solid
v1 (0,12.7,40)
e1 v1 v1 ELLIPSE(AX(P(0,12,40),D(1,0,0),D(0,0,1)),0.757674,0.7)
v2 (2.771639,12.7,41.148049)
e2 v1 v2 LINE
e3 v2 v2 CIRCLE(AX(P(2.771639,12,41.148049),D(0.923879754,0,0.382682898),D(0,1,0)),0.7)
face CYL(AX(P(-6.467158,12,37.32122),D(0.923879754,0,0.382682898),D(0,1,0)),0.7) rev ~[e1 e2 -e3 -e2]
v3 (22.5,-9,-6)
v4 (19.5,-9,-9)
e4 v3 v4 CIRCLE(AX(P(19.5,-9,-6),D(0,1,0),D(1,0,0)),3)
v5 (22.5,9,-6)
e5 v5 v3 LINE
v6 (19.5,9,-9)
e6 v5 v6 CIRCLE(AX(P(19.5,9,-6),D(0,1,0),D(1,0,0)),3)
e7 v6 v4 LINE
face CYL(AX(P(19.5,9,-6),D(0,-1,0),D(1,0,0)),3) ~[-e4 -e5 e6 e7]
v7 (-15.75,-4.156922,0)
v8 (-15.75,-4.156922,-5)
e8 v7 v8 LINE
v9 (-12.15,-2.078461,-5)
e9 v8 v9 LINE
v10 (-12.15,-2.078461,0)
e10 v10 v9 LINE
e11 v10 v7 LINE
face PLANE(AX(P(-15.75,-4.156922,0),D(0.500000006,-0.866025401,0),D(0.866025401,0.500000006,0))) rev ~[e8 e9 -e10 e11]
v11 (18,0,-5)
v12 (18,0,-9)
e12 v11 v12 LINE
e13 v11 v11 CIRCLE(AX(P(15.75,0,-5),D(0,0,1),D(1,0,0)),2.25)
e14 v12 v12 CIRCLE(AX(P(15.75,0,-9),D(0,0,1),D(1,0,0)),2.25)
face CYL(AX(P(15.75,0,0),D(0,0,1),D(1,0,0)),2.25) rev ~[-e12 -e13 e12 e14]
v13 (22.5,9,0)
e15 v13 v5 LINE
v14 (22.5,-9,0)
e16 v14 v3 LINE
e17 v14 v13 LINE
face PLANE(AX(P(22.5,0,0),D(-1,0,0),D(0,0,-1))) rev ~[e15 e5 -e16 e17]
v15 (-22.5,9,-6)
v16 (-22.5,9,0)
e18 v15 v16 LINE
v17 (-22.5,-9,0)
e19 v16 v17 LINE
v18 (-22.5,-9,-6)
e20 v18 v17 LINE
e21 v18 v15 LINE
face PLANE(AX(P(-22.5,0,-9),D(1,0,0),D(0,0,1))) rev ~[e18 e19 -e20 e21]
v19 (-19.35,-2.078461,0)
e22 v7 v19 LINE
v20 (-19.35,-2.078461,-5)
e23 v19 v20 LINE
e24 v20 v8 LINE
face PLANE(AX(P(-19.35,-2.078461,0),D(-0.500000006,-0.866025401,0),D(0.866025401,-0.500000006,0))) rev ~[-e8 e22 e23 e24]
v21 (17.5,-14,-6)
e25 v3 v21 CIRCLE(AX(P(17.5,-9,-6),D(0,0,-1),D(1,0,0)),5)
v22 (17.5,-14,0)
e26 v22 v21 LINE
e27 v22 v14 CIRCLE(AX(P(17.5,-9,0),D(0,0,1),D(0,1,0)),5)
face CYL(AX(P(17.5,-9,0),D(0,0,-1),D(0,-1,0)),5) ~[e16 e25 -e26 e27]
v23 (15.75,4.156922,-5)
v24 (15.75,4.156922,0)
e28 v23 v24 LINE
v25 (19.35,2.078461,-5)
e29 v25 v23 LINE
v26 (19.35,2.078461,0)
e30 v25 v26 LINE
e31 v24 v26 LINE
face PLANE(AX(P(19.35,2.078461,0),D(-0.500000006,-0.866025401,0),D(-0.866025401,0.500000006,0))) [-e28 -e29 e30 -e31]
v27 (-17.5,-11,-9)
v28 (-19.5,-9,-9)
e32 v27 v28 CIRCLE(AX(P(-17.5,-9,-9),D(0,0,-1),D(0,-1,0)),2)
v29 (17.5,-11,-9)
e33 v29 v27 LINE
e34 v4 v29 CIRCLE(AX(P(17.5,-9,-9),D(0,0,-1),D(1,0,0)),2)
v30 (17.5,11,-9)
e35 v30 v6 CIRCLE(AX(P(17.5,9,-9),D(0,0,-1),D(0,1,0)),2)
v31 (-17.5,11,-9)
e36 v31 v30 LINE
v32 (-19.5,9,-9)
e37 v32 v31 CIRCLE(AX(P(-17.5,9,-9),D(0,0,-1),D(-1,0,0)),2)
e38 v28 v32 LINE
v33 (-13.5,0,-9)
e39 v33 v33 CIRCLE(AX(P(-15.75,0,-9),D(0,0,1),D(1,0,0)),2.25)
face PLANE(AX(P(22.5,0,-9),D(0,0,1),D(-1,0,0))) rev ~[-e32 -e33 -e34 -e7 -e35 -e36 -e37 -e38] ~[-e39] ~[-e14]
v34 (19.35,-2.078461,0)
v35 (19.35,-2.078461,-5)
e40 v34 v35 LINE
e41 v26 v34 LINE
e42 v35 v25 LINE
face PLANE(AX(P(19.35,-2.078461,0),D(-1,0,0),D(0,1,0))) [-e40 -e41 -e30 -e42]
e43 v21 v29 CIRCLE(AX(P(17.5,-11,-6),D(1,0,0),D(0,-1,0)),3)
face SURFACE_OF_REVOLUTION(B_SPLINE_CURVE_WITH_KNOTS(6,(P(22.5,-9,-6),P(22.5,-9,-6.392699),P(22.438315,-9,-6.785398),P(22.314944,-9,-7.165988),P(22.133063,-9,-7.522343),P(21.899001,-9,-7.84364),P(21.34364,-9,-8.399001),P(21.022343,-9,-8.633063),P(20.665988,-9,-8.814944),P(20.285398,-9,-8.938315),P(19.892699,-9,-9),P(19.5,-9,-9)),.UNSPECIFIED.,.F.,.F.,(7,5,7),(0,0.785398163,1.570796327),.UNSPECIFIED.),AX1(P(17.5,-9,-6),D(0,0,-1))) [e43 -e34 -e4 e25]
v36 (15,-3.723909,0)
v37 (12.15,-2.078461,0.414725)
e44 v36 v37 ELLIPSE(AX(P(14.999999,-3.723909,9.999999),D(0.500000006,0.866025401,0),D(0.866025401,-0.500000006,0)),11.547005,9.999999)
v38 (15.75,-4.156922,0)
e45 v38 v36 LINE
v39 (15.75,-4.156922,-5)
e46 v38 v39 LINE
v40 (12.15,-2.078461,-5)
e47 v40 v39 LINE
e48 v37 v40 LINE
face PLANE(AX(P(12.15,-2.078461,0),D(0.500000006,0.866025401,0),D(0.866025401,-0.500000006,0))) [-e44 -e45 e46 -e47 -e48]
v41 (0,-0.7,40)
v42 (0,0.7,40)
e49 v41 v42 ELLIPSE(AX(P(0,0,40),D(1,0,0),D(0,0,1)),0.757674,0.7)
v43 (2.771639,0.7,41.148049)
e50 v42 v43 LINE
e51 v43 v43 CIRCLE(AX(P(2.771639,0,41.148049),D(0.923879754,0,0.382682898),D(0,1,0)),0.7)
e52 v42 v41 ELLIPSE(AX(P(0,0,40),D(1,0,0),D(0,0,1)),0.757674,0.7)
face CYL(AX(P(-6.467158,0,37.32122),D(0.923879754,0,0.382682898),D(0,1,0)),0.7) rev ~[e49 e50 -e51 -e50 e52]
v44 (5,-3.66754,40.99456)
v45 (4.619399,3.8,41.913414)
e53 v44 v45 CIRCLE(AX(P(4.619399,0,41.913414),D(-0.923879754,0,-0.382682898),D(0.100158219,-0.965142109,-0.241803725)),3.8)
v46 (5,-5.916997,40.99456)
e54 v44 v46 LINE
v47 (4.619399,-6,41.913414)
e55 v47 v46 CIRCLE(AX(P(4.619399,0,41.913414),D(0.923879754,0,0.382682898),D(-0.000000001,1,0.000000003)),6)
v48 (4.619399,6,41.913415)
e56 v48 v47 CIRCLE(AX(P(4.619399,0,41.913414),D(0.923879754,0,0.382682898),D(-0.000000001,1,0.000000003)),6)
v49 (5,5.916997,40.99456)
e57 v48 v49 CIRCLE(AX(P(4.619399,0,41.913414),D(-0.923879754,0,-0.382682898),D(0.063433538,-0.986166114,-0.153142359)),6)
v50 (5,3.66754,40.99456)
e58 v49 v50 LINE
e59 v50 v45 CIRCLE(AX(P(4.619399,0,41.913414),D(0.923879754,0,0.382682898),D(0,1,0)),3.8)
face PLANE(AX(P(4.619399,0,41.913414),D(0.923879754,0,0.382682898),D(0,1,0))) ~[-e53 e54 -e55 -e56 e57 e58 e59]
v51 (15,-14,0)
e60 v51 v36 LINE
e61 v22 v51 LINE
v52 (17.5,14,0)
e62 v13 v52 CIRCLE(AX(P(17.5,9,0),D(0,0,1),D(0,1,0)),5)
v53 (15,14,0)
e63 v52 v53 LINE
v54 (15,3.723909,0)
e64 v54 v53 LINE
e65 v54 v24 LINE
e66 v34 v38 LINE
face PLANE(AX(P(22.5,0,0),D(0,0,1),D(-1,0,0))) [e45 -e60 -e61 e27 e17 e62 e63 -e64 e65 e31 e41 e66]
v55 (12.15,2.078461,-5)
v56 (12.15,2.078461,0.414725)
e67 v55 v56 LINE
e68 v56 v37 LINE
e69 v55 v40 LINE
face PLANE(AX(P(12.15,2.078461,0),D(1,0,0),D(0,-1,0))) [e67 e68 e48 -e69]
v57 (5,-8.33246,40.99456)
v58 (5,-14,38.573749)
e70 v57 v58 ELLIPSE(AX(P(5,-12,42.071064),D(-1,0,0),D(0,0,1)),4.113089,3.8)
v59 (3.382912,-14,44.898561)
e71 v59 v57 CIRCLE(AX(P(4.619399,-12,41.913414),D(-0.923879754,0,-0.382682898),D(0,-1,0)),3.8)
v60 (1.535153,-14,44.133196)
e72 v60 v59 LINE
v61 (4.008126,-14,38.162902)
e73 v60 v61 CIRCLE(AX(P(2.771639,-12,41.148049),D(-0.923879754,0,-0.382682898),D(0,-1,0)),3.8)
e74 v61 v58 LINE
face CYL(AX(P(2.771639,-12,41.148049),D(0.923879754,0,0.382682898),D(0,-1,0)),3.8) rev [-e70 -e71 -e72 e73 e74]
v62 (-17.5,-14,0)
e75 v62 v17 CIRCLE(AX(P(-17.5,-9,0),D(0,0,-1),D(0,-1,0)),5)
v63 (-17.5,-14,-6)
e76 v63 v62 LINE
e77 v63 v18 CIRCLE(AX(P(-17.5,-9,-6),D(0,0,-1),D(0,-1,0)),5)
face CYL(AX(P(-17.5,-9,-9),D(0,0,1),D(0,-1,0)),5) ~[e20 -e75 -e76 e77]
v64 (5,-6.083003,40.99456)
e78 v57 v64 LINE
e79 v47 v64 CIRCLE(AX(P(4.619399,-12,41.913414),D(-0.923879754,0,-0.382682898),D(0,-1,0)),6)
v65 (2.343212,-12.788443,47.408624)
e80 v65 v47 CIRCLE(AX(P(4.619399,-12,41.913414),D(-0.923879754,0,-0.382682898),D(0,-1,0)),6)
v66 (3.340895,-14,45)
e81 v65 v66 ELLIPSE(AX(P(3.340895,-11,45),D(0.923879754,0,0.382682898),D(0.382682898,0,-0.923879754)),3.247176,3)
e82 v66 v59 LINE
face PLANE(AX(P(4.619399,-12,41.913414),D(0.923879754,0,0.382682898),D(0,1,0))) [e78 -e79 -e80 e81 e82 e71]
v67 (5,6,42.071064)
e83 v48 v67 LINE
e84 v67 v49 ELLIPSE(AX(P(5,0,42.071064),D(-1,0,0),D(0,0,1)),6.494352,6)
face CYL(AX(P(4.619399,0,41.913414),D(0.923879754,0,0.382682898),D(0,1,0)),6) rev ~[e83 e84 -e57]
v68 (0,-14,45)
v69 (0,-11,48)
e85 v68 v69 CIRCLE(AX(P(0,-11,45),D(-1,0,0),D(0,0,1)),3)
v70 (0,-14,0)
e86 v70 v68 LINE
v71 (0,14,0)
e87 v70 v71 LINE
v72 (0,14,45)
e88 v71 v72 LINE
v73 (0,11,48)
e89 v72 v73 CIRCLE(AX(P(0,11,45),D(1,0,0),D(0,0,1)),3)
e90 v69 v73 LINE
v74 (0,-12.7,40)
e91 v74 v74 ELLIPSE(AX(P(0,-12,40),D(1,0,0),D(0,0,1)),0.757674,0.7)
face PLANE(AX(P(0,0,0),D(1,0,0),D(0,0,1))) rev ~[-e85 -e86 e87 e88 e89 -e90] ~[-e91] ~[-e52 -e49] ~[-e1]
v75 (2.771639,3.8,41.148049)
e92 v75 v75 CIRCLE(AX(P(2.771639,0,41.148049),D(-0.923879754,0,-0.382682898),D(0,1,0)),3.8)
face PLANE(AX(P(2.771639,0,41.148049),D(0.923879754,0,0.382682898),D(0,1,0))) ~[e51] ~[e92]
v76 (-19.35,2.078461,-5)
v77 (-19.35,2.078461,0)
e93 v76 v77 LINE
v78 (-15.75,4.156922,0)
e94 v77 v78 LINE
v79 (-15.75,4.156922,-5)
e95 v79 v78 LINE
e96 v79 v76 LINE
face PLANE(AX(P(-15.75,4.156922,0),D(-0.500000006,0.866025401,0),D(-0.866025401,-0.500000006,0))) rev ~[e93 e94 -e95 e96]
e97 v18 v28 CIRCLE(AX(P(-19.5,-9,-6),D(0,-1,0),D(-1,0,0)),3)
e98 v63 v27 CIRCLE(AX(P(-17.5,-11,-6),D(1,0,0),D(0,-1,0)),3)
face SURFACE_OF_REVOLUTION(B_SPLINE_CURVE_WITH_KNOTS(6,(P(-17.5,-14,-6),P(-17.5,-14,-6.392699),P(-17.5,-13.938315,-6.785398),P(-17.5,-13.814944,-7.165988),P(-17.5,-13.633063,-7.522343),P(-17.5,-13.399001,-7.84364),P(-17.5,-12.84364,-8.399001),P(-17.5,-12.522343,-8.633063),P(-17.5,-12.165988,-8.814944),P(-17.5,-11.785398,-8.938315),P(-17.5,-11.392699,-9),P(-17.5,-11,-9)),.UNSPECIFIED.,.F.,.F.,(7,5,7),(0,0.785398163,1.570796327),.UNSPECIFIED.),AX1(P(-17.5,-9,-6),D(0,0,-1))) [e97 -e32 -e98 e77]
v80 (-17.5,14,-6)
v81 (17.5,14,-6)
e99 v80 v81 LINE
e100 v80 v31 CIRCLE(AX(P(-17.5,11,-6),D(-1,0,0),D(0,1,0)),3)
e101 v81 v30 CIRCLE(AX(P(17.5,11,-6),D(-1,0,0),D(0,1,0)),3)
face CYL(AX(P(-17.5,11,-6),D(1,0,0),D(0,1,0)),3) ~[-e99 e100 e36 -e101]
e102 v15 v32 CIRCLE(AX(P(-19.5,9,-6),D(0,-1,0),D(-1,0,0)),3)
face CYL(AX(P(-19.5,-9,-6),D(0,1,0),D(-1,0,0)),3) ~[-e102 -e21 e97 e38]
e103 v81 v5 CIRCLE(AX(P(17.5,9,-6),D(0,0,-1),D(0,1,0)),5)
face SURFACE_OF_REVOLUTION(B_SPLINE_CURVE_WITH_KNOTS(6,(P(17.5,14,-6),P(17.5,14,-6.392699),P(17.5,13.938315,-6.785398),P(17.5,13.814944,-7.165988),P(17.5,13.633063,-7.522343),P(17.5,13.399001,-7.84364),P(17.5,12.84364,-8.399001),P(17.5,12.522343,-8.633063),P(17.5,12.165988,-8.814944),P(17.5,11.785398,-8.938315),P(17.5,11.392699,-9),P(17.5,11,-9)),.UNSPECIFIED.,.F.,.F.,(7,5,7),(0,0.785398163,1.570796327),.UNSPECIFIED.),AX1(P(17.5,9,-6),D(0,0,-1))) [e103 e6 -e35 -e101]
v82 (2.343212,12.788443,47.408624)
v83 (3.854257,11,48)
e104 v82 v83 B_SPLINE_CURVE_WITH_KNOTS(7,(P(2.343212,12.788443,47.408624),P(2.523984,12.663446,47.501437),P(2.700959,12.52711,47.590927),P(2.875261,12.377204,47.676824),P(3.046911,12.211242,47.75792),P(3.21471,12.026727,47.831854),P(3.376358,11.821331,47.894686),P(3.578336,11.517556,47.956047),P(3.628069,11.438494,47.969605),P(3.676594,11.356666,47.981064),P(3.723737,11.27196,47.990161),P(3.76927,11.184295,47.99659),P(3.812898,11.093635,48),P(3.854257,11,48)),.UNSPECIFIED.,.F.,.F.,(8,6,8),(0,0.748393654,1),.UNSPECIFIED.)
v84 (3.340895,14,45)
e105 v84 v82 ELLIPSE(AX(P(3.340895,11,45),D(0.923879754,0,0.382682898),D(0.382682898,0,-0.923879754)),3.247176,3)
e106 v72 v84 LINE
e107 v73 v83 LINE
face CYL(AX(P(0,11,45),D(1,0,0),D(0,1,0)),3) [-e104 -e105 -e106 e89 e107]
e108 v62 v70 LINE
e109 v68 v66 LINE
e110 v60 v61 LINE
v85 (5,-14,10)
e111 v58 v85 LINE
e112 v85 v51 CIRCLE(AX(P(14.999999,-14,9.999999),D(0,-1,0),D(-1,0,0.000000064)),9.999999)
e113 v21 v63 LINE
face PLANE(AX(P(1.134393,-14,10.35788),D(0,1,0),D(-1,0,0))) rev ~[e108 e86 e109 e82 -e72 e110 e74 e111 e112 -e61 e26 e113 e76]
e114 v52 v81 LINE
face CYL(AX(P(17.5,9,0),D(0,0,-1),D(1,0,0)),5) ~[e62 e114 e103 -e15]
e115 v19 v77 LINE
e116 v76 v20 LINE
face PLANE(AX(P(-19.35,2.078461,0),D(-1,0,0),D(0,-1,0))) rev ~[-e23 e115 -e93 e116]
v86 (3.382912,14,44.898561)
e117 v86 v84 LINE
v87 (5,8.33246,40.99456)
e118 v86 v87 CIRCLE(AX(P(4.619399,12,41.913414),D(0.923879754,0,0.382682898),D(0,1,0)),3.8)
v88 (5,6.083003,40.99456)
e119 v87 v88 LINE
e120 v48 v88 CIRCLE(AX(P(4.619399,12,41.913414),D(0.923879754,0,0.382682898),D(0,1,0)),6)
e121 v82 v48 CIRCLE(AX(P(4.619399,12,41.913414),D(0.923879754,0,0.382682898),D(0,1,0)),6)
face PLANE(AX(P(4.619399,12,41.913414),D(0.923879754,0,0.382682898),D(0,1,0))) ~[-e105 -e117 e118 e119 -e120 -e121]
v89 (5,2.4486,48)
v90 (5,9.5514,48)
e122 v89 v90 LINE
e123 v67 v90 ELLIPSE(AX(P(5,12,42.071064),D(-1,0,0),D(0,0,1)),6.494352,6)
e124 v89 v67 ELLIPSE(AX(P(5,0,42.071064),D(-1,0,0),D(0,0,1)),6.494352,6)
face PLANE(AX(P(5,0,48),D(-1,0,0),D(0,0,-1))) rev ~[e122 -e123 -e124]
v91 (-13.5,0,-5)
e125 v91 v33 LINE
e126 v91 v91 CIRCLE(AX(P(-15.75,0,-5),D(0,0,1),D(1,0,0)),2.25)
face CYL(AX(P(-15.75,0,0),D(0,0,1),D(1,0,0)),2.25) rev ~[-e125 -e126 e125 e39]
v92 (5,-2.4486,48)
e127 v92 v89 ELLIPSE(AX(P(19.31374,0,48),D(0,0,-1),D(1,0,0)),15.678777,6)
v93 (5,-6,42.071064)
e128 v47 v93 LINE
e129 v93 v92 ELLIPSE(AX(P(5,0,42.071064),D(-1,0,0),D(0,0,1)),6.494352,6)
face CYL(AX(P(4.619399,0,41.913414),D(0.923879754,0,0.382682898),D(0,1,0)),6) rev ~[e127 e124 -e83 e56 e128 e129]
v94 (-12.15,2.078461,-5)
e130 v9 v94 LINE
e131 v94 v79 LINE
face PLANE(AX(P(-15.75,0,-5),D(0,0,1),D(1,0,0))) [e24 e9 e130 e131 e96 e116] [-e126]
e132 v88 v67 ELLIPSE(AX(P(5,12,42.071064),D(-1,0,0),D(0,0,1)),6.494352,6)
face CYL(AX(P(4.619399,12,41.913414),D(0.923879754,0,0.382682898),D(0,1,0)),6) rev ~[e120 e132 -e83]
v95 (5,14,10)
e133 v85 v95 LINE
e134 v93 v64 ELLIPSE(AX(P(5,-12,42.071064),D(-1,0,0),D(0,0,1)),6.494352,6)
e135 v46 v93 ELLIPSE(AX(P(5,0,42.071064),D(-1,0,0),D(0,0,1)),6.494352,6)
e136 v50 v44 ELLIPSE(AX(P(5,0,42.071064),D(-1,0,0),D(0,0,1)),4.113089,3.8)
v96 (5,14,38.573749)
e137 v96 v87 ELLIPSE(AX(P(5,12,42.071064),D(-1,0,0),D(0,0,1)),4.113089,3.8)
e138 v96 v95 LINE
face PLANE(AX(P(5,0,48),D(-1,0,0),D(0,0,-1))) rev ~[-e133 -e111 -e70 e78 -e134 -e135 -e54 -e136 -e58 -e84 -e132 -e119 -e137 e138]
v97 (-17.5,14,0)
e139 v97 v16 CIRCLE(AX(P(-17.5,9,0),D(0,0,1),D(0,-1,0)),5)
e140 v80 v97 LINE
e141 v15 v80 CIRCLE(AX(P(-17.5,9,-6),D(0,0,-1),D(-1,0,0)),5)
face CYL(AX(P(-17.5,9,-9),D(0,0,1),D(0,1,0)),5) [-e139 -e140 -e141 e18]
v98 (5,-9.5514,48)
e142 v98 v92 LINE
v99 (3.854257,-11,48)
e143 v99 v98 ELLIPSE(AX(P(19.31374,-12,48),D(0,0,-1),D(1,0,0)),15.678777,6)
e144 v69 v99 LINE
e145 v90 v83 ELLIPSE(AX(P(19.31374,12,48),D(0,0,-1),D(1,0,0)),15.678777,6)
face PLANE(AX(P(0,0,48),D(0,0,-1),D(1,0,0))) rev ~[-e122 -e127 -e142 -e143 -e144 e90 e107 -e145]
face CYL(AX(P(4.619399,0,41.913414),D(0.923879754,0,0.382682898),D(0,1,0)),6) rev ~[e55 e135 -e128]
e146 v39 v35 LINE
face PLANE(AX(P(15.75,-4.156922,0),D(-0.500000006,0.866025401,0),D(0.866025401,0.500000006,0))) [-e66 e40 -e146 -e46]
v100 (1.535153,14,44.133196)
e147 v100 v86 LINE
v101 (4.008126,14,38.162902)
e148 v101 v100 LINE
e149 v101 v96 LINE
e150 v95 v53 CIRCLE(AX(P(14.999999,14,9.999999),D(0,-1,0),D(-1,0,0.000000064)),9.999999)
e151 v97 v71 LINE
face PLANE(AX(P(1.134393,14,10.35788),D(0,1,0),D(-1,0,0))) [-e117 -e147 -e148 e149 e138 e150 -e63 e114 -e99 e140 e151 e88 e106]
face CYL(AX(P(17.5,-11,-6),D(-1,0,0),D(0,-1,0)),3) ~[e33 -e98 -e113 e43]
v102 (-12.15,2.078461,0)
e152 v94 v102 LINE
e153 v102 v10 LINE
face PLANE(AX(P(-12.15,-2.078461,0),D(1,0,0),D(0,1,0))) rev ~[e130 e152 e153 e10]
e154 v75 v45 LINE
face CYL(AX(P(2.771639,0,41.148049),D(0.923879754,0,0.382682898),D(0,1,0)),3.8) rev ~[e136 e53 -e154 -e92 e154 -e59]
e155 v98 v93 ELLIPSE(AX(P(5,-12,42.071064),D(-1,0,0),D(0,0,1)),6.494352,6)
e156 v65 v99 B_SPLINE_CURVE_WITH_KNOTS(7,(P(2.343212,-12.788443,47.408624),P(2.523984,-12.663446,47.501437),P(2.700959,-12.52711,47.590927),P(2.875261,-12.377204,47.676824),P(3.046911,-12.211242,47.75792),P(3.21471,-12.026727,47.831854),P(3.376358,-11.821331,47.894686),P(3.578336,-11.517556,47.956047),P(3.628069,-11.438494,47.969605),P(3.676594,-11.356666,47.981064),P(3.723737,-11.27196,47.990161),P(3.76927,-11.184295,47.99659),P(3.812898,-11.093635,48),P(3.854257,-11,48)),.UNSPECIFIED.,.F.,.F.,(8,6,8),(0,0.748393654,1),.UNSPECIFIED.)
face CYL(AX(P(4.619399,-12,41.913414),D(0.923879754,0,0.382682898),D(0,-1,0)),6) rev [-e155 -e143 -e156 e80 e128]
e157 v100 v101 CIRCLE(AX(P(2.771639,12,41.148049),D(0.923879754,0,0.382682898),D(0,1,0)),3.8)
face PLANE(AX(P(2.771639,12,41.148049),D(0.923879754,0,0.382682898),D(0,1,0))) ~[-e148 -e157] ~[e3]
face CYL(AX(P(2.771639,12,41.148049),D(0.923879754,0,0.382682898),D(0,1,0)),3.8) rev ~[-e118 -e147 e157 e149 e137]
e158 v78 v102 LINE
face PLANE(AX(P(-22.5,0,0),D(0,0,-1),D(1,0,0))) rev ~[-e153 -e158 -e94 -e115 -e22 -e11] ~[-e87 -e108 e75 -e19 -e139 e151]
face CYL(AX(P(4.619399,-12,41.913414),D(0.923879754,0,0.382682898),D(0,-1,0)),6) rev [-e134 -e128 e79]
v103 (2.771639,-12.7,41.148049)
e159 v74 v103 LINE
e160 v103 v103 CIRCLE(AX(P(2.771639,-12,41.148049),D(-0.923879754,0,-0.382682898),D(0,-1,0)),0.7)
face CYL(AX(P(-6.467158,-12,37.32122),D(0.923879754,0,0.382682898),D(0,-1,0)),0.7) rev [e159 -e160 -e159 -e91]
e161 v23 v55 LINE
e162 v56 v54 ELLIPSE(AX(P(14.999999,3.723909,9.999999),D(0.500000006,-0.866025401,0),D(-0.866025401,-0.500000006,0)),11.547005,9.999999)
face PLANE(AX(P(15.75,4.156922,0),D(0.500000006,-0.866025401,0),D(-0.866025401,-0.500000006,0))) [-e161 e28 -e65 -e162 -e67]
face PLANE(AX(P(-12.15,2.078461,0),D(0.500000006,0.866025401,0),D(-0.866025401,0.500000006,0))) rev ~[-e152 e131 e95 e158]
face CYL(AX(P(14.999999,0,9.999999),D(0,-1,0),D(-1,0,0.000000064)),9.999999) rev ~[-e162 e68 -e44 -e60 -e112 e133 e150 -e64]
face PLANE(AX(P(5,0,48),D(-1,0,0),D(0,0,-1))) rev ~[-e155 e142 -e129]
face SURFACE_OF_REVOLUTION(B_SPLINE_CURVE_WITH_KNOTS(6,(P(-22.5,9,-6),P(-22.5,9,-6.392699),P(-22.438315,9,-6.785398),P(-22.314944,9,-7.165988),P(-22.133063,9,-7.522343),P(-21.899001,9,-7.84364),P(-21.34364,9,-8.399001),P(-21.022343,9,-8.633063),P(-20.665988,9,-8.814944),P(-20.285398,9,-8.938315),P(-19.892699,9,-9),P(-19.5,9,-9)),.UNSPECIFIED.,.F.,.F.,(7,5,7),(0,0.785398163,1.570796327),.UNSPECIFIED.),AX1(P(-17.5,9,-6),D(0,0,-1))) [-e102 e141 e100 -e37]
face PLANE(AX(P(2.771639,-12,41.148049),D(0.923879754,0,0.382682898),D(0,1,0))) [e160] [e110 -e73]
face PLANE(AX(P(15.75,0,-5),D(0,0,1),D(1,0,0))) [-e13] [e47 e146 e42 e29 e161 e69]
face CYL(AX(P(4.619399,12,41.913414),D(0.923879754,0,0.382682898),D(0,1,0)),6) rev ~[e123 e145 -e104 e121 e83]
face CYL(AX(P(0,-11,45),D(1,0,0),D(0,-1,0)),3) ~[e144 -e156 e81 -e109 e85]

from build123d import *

# Parameters (mm, degrees)
PAD_DEPTH       = 14
FILLET_R        = 5
FILLET001_R     = 3
SKETCH001_R     = 2.25
POCKET_DEPTH    = 9.001
POCKET001_DEPTH = 5


with BuildPart() as part:
    # Sketch → Pad (new body, symmetric)
    with BuildSketch(Plane.XZ):
        with BuildLine():
            Line((-22.5, 0), (0, 0))
            Line((0, 0), (0, 48))
            Line((0, 48), (5, 48))
            Line((5, 48), (5, 10))
            ThreePointArc((5, 10), (7.928932, 2.928932), (15, 0))
            Line((22.5, 0), (15, 0))
            Line((22.5, 0), (22.5, -9))
            Line((22.5, -9), (-22.5, -9))
            Line((-22.5, -9), (-22.5, 0))
        make_face()
    extrude(amount=PAD_DEPTH, both=True)

    # Fillet
    fillet_edges = [part.edges().sort_by_distance(p)[0] for p in [
        (22.5, -14, -4.5),
        (22.5, 14, -4.5),
        (-22.5, -14, -4.5),
        (-22.5, 14, -4.5),
    ]]
    fillet(fillet_edges, radius=FILLET_R)

    # Fillet001
    fillet001_edges = [part.edges().sort_by_distance(p)[0] for p in [
        (0, -14, -9),
        (21.035534, -12.535534, -9),
        (22.5, 0, -9),
        (21.035534, 12.535534, -9),
        (0, 14, -9),
        (-21.035534, 12.535534, -9),
        (-22.5, 0, -9),
        (-21.035534, -12.535534, -9),
        (2.5, -14, 48),
        (2.5, 14, 48),
    ]]
    fillet(fillet001_edges, radius=FILLET001_R)

    # Sketch002 (on DatumPlane) → Groove (revolve, cut)
    with BuildSketch(Plane(origin=(0, 0, 40), x_dir=(0.92388, 0, 0.382683), z_dir=(-0.382683, 0, 0.92388))):
        Polygon((-7, 0), (-7, 0.7), (3, 0.7), (3, 3.8), (5, 3.8), (5, 6), (15, 6), (15, 0), align=None)
    groove = revolve(axis=Axis((0, 0, 40), (0.92388, 0, 0.382683)), mode=Mode.SUBTRACT)

    # Sketch001 → Pocket (cut, through all)
    with BuildSketch(Plane.XY):
        with Locations((-15.75, 0)):
            Circle(SKETCH001_R)
        with Locations((15.75, 0)):
            Circle(SKETCH001_R)
    extrude(amount=-POCKET_DEPTH, mode=Mode.SUBTRACT)

    # Sketch003 → Pocket001 (cut, symmetric)
    with BuildSketch(Plane.XY):
        Polygon((19.35, -2.078461), (19.35, 2.078461), (15.75, 4.156922), (12.15, 2.078461), (12.15, -2.078461), (15.75, -4.156922), align=None)
        Polygon((-12.15, -2.078461), (-12.15, 2.078461), (-15.75, 4.156922), (-19.35, 2.078461), (-19.35, -2.078461), (-15.75, -4.156922), align=None)
    extrude(amount=POCKET001_DEPTH, both=True, mode=Mode.SUBTRACT)

    # Sketch002 LinearPattern 2 → Groove LinearPattern 2 (revolve, cut)
    with BuildSketch(Plane(origin=(0, 12, 40), x_dir=(0.92388, 0, 0.382683), z_dir=(-0.382683, 0, 0.92388))):
        Polygon((-7, 0), (-7, 0.7), (3, 0.7), (3, 3.8), (5, 3.8), (5, 6), (15, 6), (15, 0), align=None)
    groove_linearpattern_2 = revolve(axis=Axis((0, 12, 40), (0.92388, 0, 0.382683)), mode=Mode.SUBTRACT)

    # Mirrored: Groove, Groove LinearPattern 2 across XZ
    add(groove.mirror(Plane.XZ), mode=Mode.SUBTRACT)
    add(groove_linearpattern_2.mirror(Plane.XZ), mode=Mode.SUBTRACT)


solid = part.part
